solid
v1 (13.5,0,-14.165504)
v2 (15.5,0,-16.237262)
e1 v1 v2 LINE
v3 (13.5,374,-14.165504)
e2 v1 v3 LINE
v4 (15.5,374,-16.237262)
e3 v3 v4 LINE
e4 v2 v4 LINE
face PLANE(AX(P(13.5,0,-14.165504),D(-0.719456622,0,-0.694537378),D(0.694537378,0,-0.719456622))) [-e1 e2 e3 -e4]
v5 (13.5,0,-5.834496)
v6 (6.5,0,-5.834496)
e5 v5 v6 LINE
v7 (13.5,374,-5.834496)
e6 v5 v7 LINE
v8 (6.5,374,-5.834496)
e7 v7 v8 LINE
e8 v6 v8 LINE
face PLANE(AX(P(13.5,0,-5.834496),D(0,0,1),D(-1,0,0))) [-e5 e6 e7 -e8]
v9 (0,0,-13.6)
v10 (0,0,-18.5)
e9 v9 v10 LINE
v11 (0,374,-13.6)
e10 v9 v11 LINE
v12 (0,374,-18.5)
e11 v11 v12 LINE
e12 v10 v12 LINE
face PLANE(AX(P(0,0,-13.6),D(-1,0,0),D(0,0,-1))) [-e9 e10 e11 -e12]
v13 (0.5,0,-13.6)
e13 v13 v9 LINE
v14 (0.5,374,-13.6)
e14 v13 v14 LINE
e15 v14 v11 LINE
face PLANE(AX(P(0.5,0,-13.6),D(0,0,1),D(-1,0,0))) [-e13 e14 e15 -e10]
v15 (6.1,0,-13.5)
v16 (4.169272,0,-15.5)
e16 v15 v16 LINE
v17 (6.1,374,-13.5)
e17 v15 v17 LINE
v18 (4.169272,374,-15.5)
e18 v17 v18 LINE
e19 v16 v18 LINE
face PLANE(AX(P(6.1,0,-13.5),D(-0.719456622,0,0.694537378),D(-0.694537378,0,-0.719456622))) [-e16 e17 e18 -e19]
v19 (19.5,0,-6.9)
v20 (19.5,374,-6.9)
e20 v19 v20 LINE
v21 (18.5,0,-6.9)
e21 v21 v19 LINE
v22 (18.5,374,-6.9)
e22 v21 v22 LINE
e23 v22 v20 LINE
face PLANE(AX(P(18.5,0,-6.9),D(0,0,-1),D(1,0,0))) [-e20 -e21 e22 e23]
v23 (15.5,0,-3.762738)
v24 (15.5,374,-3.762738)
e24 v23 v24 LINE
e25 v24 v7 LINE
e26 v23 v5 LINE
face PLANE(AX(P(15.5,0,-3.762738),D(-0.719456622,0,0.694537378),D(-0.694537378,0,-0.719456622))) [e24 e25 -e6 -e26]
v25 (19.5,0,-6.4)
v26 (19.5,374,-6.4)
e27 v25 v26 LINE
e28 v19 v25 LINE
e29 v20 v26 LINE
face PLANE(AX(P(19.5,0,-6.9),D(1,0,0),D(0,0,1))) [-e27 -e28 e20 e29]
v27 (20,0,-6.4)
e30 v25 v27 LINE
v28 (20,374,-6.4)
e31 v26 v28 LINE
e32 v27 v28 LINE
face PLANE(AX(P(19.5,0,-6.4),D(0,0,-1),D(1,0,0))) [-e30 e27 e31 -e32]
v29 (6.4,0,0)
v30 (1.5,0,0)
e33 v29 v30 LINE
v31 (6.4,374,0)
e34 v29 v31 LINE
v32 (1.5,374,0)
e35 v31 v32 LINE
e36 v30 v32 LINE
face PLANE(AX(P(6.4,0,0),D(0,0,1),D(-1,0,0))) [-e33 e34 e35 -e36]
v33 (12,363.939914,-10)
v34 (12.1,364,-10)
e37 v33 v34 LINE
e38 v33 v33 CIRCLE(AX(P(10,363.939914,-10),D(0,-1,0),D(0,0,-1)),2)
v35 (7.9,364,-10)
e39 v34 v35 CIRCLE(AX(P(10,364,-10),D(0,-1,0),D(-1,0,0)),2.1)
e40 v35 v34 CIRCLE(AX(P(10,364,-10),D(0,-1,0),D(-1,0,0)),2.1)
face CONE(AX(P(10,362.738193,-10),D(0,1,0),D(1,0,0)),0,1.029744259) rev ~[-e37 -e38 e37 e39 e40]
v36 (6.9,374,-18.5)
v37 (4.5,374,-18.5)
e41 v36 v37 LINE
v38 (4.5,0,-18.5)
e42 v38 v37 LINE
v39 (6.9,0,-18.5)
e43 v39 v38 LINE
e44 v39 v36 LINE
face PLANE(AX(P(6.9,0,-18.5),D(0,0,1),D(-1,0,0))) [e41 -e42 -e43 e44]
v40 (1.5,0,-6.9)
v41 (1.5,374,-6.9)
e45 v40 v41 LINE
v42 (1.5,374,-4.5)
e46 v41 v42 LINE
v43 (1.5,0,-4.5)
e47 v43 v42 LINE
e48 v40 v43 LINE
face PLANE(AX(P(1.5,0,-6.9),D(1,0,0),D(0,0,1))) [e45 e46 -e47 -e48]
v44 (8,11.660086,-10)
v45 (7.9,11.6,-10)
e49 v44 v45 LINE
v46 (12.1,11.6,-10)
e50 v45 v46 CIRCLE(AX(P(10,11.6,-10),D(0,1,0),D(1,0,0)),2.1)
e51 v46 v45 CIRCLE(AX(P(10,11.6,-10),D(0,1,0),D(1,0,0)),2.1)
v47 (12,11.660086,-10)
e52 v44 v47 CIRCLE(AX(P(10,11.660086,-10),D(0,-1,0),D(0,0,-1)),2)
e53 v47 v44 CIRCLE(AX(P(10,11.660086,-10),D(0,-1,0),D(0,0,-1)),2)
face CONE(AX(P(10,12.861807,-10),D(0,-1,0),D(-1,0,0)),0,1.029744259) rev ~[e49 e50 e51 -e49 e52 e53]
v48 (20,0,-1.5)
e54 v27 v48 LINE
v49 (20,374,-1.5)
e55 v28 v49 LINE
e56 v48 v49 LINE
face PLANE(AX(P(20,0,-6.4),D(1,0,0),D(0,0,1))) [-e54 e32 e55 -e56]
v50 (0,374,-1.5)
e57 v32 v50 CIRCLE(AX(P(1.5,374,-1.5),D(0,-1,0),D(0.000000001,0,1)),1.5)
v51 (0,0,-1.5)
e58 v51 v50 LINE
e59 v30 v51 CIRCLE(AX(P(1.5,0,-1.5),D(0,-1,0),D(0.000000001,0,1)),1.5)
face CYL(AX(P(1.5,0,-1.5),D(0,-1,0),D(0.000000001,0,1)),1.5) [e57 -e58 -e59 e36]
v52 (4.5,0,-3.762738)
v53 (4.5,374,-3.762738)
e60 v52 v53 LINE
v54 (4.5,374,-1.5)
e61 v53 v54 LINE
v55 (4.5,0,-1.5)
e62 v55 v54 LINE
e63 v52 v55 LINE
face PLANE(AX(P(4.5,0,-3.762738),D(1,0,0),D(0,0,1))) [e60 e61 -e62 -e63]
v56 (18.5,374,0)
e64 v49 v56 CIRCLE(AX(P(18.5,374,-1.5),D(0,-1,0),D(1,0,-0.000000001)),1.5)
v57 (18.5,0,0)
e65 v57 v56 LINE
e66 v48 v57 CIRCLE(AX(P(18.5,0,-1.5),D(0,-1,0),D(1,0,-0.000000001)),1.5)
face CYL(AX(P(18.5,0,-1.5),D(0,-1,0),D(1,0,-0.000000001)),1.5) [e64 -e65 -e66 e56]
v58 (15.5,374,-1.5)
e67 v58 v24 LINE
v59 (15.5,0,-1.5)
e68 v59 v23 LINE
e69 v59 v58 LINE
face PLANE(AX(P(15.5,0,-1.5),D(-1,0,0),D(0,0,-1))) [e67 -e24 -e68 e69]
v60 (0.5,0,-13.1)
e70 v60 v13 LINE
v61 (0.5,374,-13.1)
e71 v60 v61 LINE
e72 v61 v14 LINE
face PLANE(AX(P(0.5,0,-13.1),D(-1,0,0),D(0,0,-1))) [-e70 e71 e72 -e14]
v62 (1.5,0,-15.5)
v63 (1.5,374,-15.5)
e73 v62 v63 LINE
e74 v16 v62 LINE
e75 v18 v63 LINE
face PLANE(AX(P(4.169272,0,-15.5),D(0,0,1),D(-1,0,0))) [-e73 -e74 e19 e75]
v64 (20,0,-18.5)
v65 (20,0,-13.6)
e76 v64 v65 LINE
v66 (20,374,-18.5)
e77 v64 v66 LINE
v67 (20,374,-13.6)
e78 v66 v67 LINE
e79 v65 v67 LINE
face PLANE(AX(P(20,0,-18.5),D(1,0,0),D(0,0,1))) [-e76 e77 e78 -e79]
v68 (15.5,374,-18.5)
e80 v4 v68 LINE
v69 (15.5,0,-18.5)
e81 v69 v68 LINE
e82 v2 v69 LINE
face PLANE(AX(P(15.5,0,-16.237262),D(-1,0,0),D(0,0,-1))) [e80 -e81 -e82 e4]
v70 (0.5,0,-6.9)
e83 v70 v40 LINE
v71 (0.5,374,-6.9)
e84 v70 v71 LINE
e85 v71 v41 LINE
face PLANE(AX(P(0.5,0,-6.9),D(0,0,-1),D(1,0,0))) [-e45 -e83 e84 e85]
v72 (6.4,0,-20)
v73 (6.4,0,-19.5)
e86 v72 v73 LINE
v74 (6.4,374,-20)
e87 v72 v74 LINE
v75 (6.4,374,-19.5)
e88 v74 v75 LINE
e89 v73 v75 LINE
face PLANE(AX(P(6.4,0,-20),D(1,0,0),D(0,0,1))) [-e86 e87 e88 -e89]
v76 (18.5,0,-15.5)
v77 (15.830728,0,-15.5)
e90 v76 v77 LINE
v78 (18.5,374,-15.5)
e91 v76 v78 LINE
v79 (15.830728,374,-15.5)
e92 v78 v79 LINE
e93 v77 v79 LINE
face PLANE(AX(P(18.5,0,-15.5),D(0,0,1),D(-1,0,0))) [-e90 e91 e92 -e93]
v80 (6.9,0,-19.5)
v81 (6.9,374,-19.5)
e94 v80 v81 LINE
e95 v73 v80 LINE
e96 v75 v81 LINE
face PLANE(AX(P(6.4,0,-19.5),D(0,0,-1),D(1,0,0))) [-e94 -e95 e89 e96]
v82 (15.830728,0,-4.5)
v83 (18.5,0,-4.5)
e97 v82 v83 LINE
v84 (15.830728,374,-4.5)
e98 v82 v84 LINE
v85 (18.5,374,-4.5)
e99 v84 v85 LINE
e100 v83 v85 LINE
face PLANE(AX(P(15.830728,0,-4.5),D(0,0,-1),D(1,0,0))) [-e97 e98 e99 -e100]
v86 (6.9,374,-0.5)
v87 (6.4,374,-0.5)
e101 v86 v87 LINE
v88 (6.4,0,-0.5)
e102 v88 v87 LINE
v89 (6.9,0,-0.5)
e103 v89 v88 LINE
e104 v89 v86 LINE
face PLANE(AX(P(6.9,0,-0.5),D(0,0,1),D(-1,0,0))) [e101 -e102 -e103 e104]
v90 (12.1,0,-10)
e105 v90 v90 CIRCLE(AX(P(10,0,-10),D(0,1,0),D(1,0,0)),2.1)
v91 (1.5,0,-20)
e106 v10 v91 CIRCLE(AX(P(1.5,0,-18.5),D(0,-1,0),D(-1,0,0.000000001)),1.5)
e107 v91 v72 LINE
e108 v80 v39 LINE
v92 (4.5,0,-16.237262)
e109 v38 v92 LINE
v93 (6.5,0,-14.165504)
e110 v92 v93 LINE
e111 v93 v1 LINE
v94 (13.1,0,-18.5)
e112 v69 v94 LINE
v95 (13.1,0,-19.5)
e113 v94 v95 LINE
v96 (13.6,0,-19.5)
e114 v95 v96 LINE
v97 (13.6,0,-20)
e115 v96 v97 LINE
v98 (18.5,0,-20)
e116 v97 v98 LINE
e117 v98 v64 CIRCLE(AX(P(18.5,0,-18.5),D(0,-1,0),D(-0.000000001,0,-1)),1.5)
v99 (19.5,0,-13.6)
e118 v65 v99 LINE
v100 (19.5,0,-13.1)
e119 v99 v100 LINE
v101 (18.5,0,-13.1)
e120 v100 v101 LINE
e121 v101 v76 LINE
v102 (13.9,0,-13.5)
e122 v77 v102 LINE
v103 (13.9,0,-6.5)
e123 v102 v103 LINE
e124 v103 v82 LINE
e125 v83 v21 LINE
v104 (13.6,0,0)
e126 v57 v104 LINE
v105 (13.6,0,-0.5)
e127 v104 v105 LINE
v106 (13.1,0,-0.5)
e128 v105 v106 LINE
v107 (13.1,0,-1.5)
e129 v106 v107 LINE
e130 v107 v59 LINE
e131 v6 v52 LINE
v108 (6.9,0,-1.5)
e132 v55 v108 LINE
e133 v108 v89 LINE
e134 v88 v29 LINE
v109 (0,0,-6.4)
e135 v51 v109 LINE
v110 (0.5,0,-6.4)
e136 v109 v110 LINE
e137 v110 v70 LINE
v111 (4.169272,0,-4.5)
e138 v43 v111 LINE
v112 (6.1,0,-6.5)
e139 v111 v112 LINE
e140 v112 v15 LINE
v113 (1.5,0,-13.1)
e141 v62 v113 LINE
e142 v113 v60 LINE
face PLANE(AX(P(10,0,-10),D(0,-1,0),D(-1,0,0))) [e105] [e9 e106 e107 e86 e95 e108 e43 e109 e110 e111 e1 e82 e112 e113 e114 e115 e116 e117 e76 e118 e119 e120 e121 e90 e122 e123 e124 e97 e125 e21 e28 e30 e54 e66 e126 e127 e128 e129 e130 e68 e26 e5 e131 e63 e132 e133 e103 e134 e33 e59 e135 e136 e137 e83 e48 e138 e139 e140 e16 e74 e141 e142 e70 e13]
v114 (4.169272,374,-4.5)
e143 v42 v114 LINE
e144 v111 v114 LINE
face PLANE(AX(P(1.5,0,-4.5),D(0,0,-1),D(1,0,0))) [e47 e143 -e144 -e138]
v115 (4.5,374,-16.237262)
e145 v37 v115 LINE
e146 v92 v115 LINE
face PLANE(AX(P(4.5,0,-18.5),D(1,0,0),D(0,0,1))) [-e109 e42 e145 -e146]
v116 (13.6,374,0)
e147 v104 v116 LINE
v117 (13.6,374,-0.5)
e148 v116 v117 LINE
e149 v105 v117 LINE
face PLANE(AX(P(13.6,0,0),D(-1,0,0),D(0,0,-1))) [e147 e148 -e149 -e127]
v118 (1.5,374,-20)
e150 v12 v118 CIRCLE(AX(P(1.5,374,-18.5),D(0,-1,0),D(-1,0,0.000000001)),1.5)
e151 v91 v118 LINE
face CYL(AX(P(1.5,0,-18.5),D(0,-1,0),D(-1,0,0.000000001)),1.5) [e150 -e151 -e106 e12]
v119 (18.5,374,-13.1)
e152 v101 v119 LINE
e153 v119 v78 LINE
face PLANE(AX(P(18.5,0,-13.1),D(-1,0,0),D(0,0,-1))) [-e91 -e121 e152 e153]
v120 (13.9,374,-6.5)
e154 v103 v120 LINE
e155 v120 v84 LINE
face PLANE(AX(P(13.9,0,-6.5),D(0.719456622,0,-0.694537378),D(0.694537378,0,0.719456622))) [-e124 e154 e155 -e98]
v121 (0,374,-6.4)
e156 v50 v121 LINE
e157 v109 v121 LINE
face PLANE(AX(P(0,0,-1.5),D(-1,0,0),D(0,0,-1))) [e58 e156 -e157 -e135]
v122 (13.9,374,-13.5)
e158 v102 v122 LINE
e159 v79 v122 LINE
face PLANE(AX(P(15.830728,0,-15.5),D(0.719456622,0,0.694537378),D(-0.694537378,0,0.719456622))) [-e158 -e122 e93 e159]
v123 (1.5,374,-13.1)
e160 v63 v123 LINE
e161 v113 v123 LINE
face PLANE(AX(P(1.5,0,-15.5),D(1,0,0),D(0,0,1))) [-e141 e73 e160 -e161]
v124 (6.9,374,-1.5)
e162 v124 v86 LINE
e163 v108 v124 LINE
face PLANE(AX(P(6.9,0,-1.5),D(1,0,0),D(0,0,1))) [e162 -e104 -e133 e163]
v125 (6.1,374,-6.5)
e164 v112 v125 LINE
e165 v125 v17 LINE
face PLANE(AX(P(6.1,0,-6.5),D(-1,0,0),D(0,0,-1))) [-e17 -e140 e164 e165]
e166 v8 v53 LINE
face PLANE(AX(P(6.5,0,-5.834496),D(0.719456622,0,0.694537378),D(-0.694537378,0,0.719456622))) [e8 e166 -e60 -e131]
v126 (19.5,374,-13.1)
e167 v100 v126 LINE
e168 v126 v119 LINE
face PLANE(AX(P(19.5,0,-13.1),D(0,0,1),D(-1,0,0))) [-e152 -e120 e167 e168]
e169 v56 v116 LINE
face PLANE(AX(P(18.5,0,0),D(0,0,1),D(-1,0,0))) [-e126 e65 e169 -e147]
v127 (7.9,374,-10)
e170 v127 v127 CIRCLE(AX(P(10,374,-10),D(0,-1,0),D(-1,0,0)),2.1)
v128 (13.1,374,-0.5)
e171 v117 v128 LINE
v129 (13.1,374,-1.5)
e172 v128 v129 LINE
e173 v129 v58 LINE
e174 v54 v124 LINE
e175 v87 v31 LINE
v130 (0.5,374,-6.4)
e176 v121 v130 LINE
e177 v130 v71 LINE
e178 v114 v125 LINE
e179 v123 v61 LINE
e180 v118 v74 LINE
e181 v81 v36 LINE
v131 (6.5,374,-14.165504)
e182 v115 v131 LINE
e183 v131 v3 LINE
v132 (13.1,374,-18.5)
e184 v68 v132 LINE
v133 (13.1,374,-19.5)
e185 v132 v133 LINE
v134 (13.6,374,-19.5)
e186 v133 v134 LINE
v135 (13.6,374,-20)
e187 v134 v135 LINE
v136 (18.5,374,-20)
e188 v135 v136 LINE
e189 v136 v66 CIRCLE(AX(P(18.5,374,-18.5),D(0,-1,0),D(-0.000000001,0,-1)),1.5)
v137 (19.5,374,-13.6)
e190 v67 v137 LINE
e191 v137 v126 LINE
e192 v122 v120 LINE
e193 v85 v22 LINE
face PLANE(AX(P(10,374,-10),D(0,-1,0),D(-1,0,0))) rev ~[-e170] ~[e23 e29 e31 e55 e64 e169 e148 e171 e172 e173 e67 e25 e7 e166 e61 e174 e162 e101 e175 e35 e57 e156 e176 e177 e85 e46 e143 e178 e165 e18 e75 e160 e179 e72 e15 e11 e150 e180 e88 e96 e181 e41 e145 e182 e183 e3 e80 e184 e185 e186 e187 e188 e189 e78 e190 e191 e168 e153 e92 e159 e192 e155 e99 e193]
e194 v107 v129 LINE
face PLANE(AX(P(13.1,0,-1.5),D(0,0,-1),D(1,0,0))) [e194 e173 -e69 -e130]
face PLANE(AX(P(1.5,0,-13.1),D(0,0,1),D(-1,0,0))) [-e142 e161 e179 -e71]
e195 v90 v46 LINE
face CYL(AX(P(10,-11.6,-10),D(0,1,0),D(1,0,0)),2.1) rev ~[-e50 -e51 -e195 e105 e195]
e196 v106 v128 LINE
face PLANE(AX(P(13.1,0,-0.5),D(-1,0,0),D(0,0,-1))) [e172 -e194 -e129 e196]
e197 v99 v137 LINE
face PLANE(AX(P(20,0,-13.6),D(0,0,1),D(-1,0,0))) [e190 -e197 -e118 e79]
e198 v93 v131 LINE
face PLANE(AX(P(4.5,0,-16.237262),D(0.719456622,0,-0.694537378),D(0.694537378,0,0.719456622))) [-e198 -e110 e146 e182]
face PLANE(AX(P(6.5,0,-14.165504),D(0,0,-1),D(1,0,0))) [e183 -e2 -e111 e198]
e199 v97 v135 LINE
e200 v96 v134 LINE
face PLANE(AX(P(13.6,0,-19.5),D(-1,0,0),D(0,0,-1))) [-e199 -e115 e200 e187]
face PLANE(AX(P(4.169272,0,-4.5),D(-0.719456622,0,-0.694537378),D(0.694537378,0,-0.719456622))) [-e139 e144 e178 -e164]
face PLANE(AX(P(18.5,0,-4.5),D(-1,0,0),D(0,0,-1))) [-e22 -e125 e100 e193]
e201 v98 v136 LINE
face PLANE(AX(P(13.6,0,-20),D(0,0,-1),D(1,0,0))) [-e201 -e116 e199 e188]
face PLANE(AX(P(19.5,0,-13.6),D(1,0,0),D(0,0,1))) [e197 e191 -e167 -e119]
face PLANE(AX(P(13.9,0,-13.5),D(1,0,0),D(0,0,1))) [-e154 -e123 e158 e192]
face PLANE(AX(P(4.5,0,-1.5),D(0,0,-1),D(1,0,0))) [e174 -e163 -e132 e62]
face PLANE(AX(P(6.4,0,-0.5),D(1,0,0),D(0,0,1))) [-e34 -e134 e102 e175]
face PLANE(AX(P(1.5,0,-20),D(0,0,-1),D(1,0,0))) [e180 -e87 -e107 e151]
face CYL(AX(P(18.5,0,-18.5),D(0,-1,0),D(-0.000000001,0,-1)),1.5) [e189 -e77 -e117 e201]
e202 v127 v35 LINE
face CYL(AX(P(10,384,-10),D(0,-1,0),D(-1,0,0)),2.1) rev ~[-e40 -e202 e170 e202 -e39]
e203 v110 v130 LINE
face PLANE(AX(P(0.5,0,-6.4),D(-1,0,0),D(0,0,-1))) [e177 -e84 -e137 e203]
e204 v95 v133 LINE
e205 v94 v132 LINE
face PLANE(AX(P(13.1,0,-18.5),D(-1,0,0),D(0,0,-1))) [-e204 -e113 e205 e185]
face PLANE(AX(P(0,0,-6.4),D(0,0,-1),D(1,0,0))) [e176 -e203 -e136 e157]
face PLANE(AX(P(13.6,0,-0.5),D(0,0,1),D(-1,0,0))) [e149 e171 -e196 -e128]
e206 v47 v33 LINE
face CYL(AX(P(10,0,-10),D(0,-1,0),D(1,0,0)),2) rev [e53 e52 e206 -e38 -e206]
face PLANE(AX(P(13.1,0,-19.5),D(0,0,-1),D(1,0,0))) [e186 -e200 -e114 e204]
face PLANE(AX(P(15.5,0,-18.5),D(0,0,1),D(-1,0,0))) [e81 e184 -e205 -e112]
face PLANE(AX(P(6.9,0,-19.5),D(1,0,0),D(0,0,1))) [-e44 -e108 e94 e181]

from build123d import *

# Parameters (mm, degrees)
SKETCH1_R             = 2
BOSS_EXTRUDE1_DEPTH   = 374
M5_TAPPED_HOLE1_D     = 4.2
M5_TAPPED_HOLE1_DEPTH = 10
M5_TAPPED_HOLE1_TIP   = 1.2618073
M5_TAPPED_HOLE2_D     = 4.2
M5_TAPPED_HOLE2_DEPTH = 11.6
M5_TAPPED_HOLE2_TIP   = 1.2618073


with BuildPart() as part:
    # Sketch1 → Boss-Extrude1 (new body)
    with BuildSketch(Plane(origin=(0, 0, 0), x_dir=(1, 0, 0), z_dir=(0, 1, 0))):
        with BuildLine():
            Line((1.5, 20), (6.4, 20))
            Line((6.4, 20), (6.4, 19.5))
            Line((6.4, 19.5), (6.9, 19.5))
            Line((6.9, 19.5), (6.9, 18.5))
            Line((6.9, 18.5), (4.5, 18.5))
            Line((4.5, 18.5), (4.5, 16.237261743))
            Line((4.5, 16.237261743), (6.5, 14.165503925))
            Line((6.5, 14.165503925), (13.5, 14.165503925))
            Line((13.5, 14.165503925), (15.5, 16.237261743))
            Line((15.5, 16.237261743), (15.5, 18.5))
            Line((15.5, 18.5), (13.1, 18.5))
            Line((13.1, 18.5), (13.1, 19.5))
            Line((13.1, 19.5), (13.6, 19.5))
            Line((13.6, 19.5), (13.6, 20))
            Line((13.6, 20), (18.5, 20))
            ThreePointArc((18.5, 20), (19.560660172, 19.560660172), (20, 18.5))
            Line((20, 18.5), (20, 13.6))
            Line((20, 13.6), (19.5, 13.6))
            Line((19.5, 13.6), (19.5, 13.1))
            Line((19.5, 13.1), (18.5, 13.1))
            Line((18.5, 13.1), (18.5, 15.5))
            Line((18.5, 15.5), (15.8307276, 15.5))
            Line((15.8307276, 15.5), (13.9, 13.5))
            Line((13.9, 13.5), (13.9, 6.5))
            Line((13.9, 6.5), (15.8307276, 4.5))
            Line((15.8307276, 4.5), (18.5, 4.5))
            Line((18.5, 4.5), (18.5, 6.9))
            Line((18.5, 6.9), (19.5, 6.9))
            Line((19.5, 6.9), (19.5, 6.4))
            Line((19.5, 6.4), (20, 6.4))
            Line((20, 6.4), (20, 1.5))
            ThreePointArc((20, 1.5), (19.560660172, 0.439339828), (18.5, 0))
            Line((18.5, 0), (13.6, 0))
            Line((13.6, 0), (13.6, 0.5))
            Line((13.6, 0.5), (13.1, 0.5))
            Line((13.1, 0.5), (13.1, 1.5))
            Line((13.1, 1.5), (15.5, 1.5))
            Line((15.5, 1.5), (15.5, 3.762738257))
            Line((15.5, 3.762738257), (13.5, 5.834496075))
            Line((13.5, 5.834496075), (6.5, 5.834496075))
            Line((6.5, 5.834496075), (4.5, 3.762738257))
            Line((4.5, 3.762738257), (4.5, 1.5))
            Line((4.5, 1.5), (6.9, 1.5))
            Line((6.9, 1.5), (6.9, 0.5))
            Line((6.9, 0.5), (6.4, 0.5))
            Line((6.4, 0.5), (6.4, 0))
            Line((6.4, 0), (1.5, 0))
            ThreePointArc((1.5, 0), (0.439339828, 0.439339828), (0, 1.5))
            Line((0, 1.5), (0, 6.4))
            Line((0, 6.4), (0.5, 6.4))
            Line((0.5, 6.4), (0.5, 6.9))
            Line((0.5, 6.9), (1.5, 6.9))
            Line((1.5, 6.9), (1.5, 4.5))
            Line((1.5, 4.5), (4.1692724, 4.5))
            Line((4.1692724, 4.5), (6.1, 6.5))
            Line((6.1, 6.5), (6.1, 13.5))
            Line((6.1, 13.5), (4.1692724, 15.5))
            Line((4.1692724, 15.5), (1.5, 15.5))
            Line((1.5, 15.5), (1.5, 13.1))
            Line((1.5, 13.1), (0.5, 13.1))
            Line((0.5, 13.1), (0.5, 13.6))
            Line((0.5, 13.6), (0, 13.6))
            Line((0, 13.6), (0, 18.5))
            ThreePointArc((0, 18.5), (0.439339828, 19.560660172), (1.5, 20))
        make_face()
        with Locations((10, 10)):
            Circle(SKETCH1_R, mode=Mode.SUBTRACT)
    extrude(amount=BOSS_EXTRUDE1_DEPTH)

    # M5 Tapped Hole1
    with Locations(Plane(origin=(0, 374, 0), x_dir=(1, 0, 0), z_dir=(0, 1, 0))):
        with Locations((10, 10)):
            Hole(M5_TAPPED_HOLE1_D / 2, depth=M5_TAPPED_HOLE1_DEPTH)
            with Locations((0, 0, -(M5_TAPPED_HOLE1_DEPTH + M5_TAPPED_HOLE1_TIP / 2))):  # 118° drill point
                Cone(0, M5_TAPPED_HOLE1_D / 2, M5_TAPPED_HOLE1_TIP, mode=Mode.SUBTRACT)

    # M5 Tapped Hole2
    with Locations(Plane(origin=(0, 0, 0), x_dir=(-1, 0, 0), z_dir=(0, -1, 0))):
        with Locations((-10, 10)):
            Hole(M5_TAPPED_HOLE2_D / 2, depth=M5_TAPPED_HOLE2_DEPTH)
            with Locations((0, 0, -(M5_TAPPED_HOLE2_DEPTH + M5_TAPPED_HOLE2_TIP / 2))):  # 118° drill point
                Cone(0, M5_TAPPED_HOLE2_D / 2, M5_TAPPED_HOLE2_TIP, mode=Mode.SUBTRACT)


solid = part.part
